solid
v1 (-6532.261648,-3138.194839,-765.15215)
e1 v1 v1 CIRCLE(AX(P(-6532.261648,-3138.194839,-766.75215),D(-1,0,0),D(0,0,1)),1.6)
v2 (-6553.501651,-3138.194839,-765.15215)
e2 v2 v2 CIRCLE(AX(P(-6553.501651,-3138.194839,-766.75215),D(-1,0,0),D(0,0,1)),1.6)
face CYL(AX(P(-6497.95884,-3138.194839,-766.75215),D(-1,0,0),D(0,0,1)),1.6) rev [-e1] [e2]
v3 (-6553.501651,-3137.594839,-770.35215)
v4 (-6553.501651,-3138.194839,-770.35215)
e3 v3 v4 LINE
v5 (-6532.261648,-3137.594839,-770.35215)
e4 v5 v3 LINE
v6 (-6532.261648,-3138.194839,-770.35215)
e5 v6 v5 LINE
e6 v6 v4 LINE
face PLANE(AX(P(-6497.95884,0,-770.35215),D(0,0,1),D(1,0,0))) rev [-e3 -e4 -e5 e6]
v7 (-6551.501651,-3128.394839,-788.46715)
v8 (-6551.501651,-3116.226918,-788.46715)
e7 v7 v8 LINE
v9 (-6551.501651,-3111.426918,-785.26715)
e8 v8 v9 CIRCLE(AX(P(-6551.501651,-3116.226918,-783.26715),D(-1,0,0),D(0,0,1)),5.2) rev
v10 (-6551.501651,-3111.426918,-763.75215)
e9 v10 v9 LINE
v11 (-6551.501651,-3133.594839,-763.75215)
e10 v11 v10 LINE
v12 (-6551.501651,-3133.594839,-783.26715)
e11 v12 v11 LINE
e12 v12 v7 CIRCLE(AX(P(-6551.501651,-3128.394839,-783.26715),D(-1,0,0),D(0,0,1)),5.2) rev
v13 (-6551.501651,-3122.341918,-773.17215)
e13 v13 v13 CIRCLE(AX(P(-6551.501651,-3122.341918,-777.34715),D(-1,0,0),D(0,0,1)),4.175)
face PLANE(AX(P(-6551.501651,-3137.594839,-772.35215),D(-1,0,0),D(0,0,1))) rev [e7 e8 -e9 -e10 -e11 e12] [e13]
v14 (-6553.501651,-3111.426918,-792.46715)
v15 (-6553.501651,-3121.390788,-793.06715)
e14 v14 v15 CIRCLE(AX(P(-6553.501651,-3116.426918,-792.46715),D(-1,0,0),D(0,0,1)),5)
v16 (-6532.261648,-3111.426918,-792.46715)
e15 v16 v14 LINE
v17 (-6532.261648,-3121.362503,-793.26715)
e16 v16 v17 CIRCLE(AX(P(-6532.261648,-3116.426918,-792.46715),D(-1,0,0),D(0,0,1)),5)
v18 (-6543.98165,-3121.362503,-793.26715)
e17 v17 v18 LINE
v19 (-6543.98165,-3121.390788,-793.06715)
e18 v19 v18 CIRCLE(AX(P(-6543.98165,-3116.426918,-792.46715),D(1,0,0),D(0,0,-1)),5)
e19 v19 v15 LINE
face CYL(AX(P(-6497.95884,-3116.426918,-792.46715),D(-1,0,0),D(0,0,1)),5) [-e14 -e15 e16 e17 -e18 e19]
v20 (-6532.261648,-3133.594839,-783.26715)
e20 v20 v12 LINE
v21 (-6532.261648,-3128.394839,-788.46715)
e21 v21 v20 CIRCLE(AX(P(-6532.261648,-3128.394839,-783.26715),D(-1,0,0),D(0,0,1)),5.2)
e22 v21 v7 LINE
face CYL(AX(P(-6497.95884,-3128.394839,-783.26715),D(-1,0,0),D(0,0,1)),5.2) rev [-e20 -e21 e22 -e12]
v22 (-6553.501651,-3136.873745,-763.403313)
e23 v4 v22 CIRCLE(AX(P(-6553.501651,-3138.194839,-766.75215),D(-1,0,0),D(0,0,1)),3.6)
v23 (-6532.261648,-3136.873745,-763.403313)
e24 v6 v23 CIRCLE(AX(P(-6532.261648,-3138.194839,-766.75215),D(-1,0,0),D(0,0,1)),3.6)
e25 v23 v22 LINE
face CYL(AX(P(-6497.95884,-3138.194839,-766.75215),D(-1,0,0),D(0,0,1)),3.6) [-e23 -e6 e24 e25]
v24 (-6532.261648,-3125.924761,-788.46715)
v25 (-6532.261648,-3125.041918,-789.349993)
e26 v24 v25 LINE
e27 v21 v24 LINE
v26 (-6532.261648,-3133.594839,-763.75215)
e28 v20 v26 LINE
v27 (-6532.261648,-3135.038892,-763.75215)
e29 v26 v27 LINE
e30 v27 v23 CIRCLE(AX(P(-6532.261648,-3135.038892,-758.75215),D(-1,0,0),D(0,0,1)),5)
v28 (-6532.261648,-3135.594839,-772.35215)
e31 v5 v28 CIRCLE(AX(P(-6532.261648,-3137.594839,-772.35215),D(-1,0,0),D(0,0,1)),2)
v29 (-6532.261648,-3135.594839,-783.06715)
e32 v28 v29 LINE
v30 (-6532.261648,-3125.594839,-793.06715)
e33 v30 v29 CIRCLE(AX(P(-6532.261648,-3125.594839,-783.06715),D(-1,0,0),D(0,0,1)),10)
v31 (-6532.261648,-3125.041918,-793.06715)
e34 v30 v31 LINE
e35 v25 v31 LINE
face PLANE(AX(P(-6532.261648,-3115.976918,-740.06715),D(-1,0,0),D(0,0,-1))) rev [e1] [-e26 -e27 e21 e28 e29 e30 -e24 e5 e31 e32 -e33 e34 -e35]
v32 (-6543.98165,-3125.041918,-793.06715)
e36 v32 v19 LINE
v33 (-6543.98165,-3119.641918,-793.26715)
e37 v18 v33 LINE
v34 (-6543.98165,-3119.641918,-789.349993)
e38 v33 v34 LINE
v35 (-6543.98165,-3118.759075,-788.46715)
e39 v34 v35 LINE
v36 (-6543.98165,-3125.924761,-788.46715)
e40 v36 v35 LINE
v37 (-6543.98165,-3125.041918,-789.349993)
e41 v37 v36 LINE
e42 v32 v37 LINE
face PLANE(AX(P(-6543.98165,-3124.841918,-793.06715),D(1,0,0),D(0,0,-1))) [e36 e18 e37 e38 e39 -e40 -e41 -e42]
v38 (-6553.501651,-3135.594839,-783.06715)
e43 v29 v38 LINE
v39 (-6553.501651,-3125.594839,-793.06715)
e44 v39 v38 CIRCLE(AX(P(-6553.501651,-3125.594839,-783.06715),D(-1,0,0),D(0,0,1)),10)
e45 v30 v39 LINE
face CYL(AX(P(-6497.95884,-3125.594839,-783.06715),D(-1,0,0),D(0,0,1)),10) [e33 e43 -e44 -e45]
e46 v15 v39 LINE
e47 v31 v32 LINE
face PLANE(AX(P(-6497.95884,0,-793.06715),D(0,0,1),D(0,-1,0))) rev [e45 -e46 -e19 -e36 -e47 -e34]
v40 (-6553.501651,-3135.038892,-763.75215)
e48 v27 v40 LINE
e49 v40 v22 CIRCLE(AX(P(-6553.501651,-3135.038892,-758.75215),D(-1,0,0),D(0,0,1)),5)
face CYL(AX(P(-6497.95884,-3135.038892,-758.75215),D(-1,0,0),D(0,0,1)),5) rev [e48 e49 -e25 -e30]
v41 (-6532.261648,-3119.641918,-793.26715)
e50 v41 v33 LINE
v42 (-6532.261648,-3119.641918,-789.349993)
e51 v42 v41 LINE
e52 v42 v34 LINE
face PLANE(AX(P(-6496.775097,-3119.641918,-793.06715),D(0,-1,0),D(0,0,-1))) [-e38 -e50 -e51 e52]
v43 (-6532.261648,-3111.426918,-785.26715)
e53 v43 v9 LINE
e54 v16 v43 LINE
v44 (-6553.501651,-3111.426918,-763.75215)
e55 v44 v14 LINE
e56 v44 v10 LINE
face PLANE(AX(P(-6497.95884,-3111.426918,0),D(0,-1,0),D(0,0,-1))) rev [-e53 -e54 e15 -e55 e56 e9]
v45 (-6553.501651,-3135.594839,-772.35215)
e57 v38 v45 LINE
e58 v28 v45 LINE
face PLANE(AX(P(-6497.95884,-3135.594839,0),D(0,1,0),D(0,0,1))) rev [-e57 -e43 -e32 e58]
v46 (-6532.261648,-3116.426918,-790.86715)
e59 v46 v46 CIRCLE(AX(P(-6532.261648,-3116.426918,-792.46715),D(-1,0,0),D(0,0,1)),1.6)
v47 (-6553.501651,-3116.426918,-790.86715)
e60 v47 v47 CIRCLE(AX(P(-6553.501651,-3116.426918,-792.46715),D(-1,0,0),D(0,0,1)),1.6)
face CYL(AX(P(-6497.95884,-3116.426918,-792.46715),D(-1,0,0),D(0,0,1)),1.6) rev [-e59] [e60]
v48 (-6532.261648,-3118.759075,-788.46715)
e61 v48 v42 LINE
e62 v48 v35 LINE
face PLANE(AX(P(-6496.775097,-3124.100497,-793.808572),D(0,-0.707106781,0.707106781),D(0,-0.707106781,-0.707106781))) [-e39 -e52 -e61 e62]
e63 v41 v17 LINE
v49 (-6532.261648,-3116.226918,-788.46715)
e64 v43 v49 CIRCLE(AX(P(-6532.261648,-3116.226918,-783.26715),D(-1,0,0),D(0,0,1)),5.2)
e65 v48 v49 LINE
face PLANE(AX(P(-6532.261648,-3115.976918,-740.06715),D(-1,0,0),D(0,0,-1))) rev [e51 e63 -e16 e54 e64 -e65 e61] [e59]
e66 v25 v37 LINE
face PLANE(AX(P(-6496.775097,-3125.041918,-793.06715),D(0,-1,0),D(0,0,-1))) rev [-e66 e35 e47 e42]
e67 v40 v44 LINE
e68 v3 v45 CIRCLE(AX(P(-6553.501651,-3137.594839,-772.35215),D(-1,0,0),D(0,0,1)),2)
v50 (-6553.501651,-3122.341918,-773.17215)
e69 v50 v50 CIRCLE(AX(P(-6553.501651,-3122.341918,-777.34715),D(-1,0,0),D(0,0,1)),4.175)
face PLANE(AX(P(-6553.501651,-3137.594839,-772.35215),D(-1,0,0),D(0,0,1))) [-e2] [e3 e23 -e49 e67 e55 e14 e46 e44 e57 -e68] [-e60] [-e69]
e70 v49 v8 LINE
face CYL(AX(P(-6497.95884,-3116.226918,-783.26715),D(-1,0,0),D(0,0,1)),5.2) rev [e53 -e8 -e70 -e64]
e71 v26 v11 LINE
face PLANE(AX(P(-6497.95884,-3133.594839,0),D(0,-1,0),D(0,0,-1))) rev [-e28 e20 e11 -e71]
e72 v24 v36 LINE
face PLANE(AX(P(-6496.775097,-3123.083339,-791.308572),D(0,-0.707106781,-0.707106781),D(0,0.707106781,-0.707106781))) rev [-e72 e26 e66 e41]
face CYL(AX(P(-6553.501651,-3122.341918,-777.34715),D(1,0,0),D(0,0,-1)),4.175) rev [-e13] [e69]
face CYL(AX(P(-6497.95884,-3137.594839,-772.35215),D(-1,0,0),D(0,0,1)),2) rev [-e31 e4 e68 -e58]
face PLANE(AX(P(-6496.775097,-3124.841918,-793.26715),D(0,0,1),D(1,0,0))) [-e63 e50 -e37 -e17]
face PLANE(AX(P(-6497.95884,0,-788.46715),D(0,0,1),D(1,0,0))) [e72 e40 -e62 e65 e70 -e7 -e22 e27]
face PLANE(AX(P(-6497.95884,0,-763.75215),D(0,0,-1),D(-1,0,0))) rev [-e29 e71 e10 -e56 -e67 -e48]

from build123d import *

# Parameters (mm, degrees)
BOSS_EXTRUDE1_START = -0.2
SKETCH1_R           = 1.6
BOSS_EXTRUDE1_DEPTH = 7.520002
BOSS_EXTRUDE2_START = -0.2
SKETCH1_7_R         = 1.6
SKETCH1_7_R_2       = 1.995
SKETCH1_7_R_3       = 4.175
SKETCH1_7_R_4       = 1.845
BOSS_EXTRUDE2_DEPTH = 2
BOSS_EXTRUDE3_START = 7.320002
SKETCH1_8_R         = 1.6
BOSS_EXTRUDE3_DEPTH = 11.720001513


with BuildPart() as part:
    # Sketch1 → Boss-Extrude1 (new body)
    with BuildSketch(Plane(origin=(-6551.301651172, 0, 0), x_dir=(0, 0, -1), z_dir=(1, 0, 0)).offset(BOSS_EXTRUDE1_START)):
        with BuildLine():
            Line((783.267150495, -3133.594839225), (763.752150495, -3133.594839225))
            Line((763.752150495, -3133.594839225), (763.752150495, -3135.038892457))
            ThreePointArc((763.752150495, -3135.038892457), (763.664167085, -3135.972751667), (763.403313286, -3136.873745229))
            ThreePointArc((763.403313286, -3136.873745229), (766.079771865, -3141.73149117), (770.352150495, -3138.194839225))
            Line((770.352150495, -3138.194839225), (770.352150495, -3137.594839225))
            ThreePointArc((770.352150495, -3137.594839225), (770.937936933, -3136.180625663), (772.352150495, -3135.594839225))
            Line((772.352150495, -3135.594839225), (783.067150495, -3135.594839225))
            ThreePointArc((783.067150495, -3135.594839225), (790.138218307, -3132.665907037), (793.067150495, -3125.594839225))
            Line((793.067150495, -3125.594839225), (793.067150495, -3121.390787525))
            ThreePointArc((793.067150495, -3121.390787525), (797.458109686, -3116.126374636), (792.467150495, -3111.426918067))
            Line((792.467150495, -3111.426918067), (785.267150495, -3111.426918067))
            ThreePointArc((785.267150495, -3111.426918067), (787.593812026, -3113.342477046), (788.467150495, -3116.226918067))
            Line((788.467150495, -3116.226918067), (788.467150495, -3128.394839225))
            ThreePointArc((788.467150495, -3128.394839225), (786.944105758, -3132.071794487), (783.267150495, -3133.594839225))
        make_face()
        with Locations(Location((766.752150495, -3138.194839225, 0), (0, 0, 180))):
            Circle(SKETCH1_R, mode=Mode.SUBTRACT)
        with Locations(Location((792.467150495, -3116.426918067, 0), (0, 0, 180))):
            Circle(SKETCH1_R, mode=Mode.SUBTRACT)
    extrude(amount=BOSS_EXTRUDE1_DEPTH)

    # Sketch1<7> → Boss-Extrude2 (add)
    with BuildSketch(Plane(origin=(-6551.301651172, 0, 0), x_dir=(0, 0, -1), z_dir=(1, 0, 0)).offset(BOSS_EXTRUDE2_START)):
        with BuildLine():
            Line((792.467150495, -3111.426918067), (785.267150495, -3111.426918067))
            ThreePointArc((785.267150495, -3111.426918067), (786.906779124, -3112.513011303), (788.025771185, -3114.130366343))
            ThreePointArc((788.025771185, -3114.130366343), (789.867415761, -3112.155925289), (792.467150495, -3111.426918067))
        make_face()
        with BuildLine():
            ThreePointArc((797.467150495, -3116.426918067), (796.002684401, -3112.891384161), (792.467150495, -3111.426918067))
            ThreePointArc((792.467150495, -3111.426918067), (789.867415761, -3112.155925289), (788.025771185, -3114.130366343))
            ThreePointArc((788.025771185, -3114.130366343), (788.355609377, -3115.155663565), (788.467150495, -3116.226918067))
            Line((788.467150495, -3116.226918067), (788.467150495, -3118.759075354))
            Line((788.467150495, -3118.759075354), (789.349993208, -3119.641918067))
            Line((789.349993208, -3119.641918067), (793.267150495, -3119.641918067))
            Line((793.267150495, -3119.641918067), (793.267150495, -3121.362503138))
            ThreePointArc((793.267150495, -3121.362503138), (796.275037048, -3119.667288416), (797.467150495, -3116.426918067))
        make_face()
        with Locations(Location((792.467150495, -3116.426918067, 0), (0, 0, 180))):
            Circle(SKETCH1_7_R, mode=Mode.SUBTRACT)
        with BuildLine():
            ThreePointArc((788.025771185, -3114.130366343), (787.802673468, -3114.626180978), (787.634729413, -3115.143287871))
            ThreePointArc((787.634729413, -3115.143287871), (787.733922547, -3115.681072451), (787.767150495, -3116.226918067))
            Line((787.767150495, -3116.226918067), (787.767150495, -3118.132790278))
            ThreePointArc((787.767150495, -3118.132790278), (788.069288323, -3118.805743053), (788.467150495, -3119.426918067))
            Line((788.467150495, -3119.426918067), (788.467150495, -3118.759075354))
            Line((788.467150495, -3118.759075354), (788.467150495, -3116.226918067))
            ThreePointArc((788.467150495, -3116.226918067), (788.355609377, -3115.155663565), (788.025771185, -3114.130366343))
        make_face()
        with BuildLine():
            Line((788.467150495, -3118.759075354), (788.467150495, -3119.426918067))
            ThreePointArc((788.467150495, -3119.426918067), (790.503939908, -3121.025374785), (793.067150495, -3121.390787525))
            ThreePointArc((793.067150495, -3121.390787525), (793.167293339, -3121.377655385), (793.267150495, -3121.362503138))
            Line((793.267150495, -3121.362503138), (793.267150495, -3119.641918067))
            Line((793.267150495, -3119.641918067), (789.349993208, -3119.641918067))
            Line((789.349993208, -3119.641918067), (788.467150495, -3118.759075354))
        make_face()
        with BuildLine():
            Line((788.467150495, -3119.426918067), (788.467150495, -3125.924760779))
            Line((788.467150495, -3125.924760779), (789.349993208, -3125.041918067))
            Line((789.349993208, -3125.041918067), (793.067150495, -3125.041918067))
            Line((793.067150495, -3125.041918067), (793.067150495, -3121.390787525))
            ThreePointArc((793.067150495, -3121.390787525), (790.503939908, -3121.025374785), (788.467150495, -3119.426918067))
        make_face()
        with BuildLine():
            Line((783.267150495, -3133.594839225), (763.752150495, -3133.594839225))
            Line((763.752150495, -3133.594839225), (763.752150495, -3135.038892457))
            ThreePointArc((763.752150495, -3135.038892457), (763.664167085, -3135.972751667), (763.403313286, -3136.873745229))
            ThreePointArc((763.403313286, -3136.873745229), (766.079771865, -3141.73149117), (770.352150495, -3138.194839225))
            Line((770.352150495, -3138.194839225), (770.352150495, -3137.594839225))
            ThreePointArc((770.352150495, -3137.594839225), (770.937936933, -3136.180625663), (772.352150495, -3135.594839225))
            Line((772.352150495, -3135.594839225), (783.067150495, -3135.594839225))
            ThreePointArc((783.067150495, -3135.594839225), (790.138218307, -3132.665907037), (793.067150495, -3125.594839225))
            Line((793.067150495, -3125.594839225), (793.067150495, -3125.041918067))
            Line((793.067150495, -3125.041918067), (789.349993208, -3125.041918067))
            Line((789.349993208, -3125.041918067), (788.467150495, -3125.924760779))
            Line((788.467150495, -3125.924760779), (788.467150495, -3128.394839225))
            ThreePointArc((788.467150495, -3128.394839225), (786.944105758, -3132.071794487), (783.267150495, -3133.594839225))
        make_face()
        with Locations(Location((766.752150495, -3138.194839225, 0), (0, 0, 180))):
            Circle(SKETCH1_7_R, mode=Mode.SUBTRACT)
        with BuildLine():
            Line((763.752150495, -3111.726918067), (763.752150495, -3132.894839225))
            Line((763.752150495, -3132.894839225), (783.267150495, -3132.894839225))
            ThreePointArc((783.267150495, -3132.894839225), (786.449131011, -3131.57681974), (787.767150495, -3128.394839225))
            Line((787.767150495, -3128.394839225), (787.767150495, -3118.132790278))
            ThreePointArc((787.767150495, -3118.132790278), (787.472048486, -3116.648177904), (787.634729413, -3115.143287871))
            ThreePointArc((787.634729413, -3115.143287871), (786.039664167, -3112.682462123), (783.267150495, -3111.726918067))
            Line((783.267150495, -3111.726918067), (763.752150495, -3111.726918067))
        make_face()
        with Locations((766.097150495, -3122.341918067)):
            Circle(SKETCH1_7_R_2, mode=Mode.SUBTRACT)
        with Locations(Location((777.347150495, -3122.341918067, 0), (0, 0, 180))):
            Circle(SKETCH1_7_R_3, mode=Mode.SUBTRACT)
        with BuildLine():
            Line((763.752150495, -3132.894839225), (763.752150495, -3133.594839225))
            Line((763.752150495, -3133.594839225), (783.267150495, -3133.594839225))
            ThreePointArc((783.267150495, -3133.594839225), (786.944105758, -3132.071794487), (788.467150495, -3128.394839225))
            Line((788.467150495, -3128.394839225), (788.467150495, -3125.924760779))
            Line((788.467150495, -3125.924760779), (788.467150495, -3119.426918067))
            ThreePointArc((788.467150495, -3119.426918067), (788.069288323, -3118.805743053), (787.767150495, -3118.132790278))
            Line((787.767150495, -3118.132790278), (787.767150495, -3128.394839225))
            ThreePointArc((787.767150495, -3128.394839225), (786.449131011, -3131.57681974), (783.267150495, -3132.894839225))
            Line((783.267150495, -3132.894839225), (763.752150495, -3132.894839225))
        make_face()
        with BuildLine():
            Line((763.752150495, -3111.426918067), (763.752150495, -3111.726918067))
            Line((763.752150495, -3111.726918067), (783.267150495, -3111.726918067))
            ThreePointArc((783.267150495, -3111.726918067), (786.039664167, -3112.682462123), (787.634729413, -3115.143287871))
            ThreePointArc((787.634729413, -3115.143287871), (787.802673468, -3114.626180978), (788.025771185, -3114.130366343))
            ThreePointArc((788.025771185, -3114.130366343), (786.906779124, -3112.513011303), (785.267150495, -3111.426918067))
            Line((785.267150495, -3111.426918067), (763.752150495, -3111.426918067))
        make_face()
        with BuildLine():
            ThreePointArc((787.767150495, -3116.226918067), (787.733922547, -3115.681072451), (787.634729413, -3115.143287871))
            ThreePointArc((787.634729413, -3115.143287871), (787.472048486, -3116.648177904), (787.767150495, -3118.132790278))
            Line((787.767150495, -3118.132790278), (787.767150495, -3116.226918067))
        make_face()
        with Locations((766.097150495, -3122.341918067)):
            Circle(SKETCH1_7_R_2)
        with Locations((766.097150495, -3122.341918067)):
            Circle(SKETCH1_7_R_4, mode=Mode.SUBTRACT)
        with Locations((766.097150495, -3122.341918067)):
            Circle(SKETCH1_7_R_4)
    extrude(amount=-BOSS_EXTRUDE2_DEPTH)

    # Sketch1<8> → Boss-Extrude3 (add)
    with BuildSketch(Plane(origin=(-6551.301651172, 0, 0), x_dir=(0, 0, -1), z_dir=(1, 0, 0)).offset(BOSS_EXTRUDE3_START)):
        with BuildLine():
            Line((783.267150495, -3133.594839225), (763.752150495, -3133.594839225))
            Line((763.752150495, -3133.594839225), (763.752150495, -3135.038892457))
            ThreePointArc((763.752150495, -3135.038892457), (763.664167085, -3135.972751667), (763.403313286, -3136.873745229))
            ThreePointArc((763.403313286, -3136.873745229), (766.079771865, -3141.73149117), (770.352150495, -3138.194839225))
            Line((770.352150495, -3138.194839225), (770.352150495, -3137.594839225))
            ThreePointArc((770.352150495, -3137.594839225), (770.937936933, -3136.180625663), (772.352150495, -3135.594839225))
            Line((772.352150495, -3135.594839225), (783.067150495, -3135.594839225))
            ThreePointArc((783.067150495, -3135.594839225), (790.138218307, -3132.665907037), (793.067150495, -3125.594839225))
            Line((793.067150495, -3125.594839225), (793.067150495, -3125.041918067))
            Line((793.067150495, -3125.041918067), (789.349993208, -3125.041918067))
            Line((789.349993208, -3125.041918067), (788.467150495, -3125.924760779))
            Line((788.467150495, -3125.924760779), (788.467150495, -3128.394839225))
            ThreePointArc((788.467150495, -3128.394839225), (786.944105758, -3132.071794487), (783.267150495, -3133.594839225))
        make_face()
        with Locations((766.752150495, -3138.194839225)):
            Circle(SKETCH1_8_R, mode=Mode.SUBTRACT)
        with BuildLine():
            Line((792.467150495, -3111.426918067), (785.267150495, -3111.426918067))
            ThreePointArc((785.267150495, -3111.426918067), (787.593812026, -3113.342477046), (788.467150495, -3116.226918067))
            Line((788.467150495, -3116.226918067), (788.467150495, -3118.759075354))
            Line((788.467150495, -3118.759075354), (789.349993208, -3119.641918067))
            Line((789.349993208, -3119.641918067), (793.267150495, -3119.641918067))
            Line((793.267150495, -3119.641918067), (793.267150495, -3121.362503138))
            ThreePointArc((793.267150495, -3121.362503138), (797.451020747, -3116.025623511), (792.467150495, -3111.426918067))
        make_face()
        with Locations((792.467150495, -3116.426918067)):
            Circle(SKETCH1_8_R, mode=Mode.SUBTRACT)
    extrude(amount=BOSS_EXTRUDE3_DEPTH)


solid = part.part
